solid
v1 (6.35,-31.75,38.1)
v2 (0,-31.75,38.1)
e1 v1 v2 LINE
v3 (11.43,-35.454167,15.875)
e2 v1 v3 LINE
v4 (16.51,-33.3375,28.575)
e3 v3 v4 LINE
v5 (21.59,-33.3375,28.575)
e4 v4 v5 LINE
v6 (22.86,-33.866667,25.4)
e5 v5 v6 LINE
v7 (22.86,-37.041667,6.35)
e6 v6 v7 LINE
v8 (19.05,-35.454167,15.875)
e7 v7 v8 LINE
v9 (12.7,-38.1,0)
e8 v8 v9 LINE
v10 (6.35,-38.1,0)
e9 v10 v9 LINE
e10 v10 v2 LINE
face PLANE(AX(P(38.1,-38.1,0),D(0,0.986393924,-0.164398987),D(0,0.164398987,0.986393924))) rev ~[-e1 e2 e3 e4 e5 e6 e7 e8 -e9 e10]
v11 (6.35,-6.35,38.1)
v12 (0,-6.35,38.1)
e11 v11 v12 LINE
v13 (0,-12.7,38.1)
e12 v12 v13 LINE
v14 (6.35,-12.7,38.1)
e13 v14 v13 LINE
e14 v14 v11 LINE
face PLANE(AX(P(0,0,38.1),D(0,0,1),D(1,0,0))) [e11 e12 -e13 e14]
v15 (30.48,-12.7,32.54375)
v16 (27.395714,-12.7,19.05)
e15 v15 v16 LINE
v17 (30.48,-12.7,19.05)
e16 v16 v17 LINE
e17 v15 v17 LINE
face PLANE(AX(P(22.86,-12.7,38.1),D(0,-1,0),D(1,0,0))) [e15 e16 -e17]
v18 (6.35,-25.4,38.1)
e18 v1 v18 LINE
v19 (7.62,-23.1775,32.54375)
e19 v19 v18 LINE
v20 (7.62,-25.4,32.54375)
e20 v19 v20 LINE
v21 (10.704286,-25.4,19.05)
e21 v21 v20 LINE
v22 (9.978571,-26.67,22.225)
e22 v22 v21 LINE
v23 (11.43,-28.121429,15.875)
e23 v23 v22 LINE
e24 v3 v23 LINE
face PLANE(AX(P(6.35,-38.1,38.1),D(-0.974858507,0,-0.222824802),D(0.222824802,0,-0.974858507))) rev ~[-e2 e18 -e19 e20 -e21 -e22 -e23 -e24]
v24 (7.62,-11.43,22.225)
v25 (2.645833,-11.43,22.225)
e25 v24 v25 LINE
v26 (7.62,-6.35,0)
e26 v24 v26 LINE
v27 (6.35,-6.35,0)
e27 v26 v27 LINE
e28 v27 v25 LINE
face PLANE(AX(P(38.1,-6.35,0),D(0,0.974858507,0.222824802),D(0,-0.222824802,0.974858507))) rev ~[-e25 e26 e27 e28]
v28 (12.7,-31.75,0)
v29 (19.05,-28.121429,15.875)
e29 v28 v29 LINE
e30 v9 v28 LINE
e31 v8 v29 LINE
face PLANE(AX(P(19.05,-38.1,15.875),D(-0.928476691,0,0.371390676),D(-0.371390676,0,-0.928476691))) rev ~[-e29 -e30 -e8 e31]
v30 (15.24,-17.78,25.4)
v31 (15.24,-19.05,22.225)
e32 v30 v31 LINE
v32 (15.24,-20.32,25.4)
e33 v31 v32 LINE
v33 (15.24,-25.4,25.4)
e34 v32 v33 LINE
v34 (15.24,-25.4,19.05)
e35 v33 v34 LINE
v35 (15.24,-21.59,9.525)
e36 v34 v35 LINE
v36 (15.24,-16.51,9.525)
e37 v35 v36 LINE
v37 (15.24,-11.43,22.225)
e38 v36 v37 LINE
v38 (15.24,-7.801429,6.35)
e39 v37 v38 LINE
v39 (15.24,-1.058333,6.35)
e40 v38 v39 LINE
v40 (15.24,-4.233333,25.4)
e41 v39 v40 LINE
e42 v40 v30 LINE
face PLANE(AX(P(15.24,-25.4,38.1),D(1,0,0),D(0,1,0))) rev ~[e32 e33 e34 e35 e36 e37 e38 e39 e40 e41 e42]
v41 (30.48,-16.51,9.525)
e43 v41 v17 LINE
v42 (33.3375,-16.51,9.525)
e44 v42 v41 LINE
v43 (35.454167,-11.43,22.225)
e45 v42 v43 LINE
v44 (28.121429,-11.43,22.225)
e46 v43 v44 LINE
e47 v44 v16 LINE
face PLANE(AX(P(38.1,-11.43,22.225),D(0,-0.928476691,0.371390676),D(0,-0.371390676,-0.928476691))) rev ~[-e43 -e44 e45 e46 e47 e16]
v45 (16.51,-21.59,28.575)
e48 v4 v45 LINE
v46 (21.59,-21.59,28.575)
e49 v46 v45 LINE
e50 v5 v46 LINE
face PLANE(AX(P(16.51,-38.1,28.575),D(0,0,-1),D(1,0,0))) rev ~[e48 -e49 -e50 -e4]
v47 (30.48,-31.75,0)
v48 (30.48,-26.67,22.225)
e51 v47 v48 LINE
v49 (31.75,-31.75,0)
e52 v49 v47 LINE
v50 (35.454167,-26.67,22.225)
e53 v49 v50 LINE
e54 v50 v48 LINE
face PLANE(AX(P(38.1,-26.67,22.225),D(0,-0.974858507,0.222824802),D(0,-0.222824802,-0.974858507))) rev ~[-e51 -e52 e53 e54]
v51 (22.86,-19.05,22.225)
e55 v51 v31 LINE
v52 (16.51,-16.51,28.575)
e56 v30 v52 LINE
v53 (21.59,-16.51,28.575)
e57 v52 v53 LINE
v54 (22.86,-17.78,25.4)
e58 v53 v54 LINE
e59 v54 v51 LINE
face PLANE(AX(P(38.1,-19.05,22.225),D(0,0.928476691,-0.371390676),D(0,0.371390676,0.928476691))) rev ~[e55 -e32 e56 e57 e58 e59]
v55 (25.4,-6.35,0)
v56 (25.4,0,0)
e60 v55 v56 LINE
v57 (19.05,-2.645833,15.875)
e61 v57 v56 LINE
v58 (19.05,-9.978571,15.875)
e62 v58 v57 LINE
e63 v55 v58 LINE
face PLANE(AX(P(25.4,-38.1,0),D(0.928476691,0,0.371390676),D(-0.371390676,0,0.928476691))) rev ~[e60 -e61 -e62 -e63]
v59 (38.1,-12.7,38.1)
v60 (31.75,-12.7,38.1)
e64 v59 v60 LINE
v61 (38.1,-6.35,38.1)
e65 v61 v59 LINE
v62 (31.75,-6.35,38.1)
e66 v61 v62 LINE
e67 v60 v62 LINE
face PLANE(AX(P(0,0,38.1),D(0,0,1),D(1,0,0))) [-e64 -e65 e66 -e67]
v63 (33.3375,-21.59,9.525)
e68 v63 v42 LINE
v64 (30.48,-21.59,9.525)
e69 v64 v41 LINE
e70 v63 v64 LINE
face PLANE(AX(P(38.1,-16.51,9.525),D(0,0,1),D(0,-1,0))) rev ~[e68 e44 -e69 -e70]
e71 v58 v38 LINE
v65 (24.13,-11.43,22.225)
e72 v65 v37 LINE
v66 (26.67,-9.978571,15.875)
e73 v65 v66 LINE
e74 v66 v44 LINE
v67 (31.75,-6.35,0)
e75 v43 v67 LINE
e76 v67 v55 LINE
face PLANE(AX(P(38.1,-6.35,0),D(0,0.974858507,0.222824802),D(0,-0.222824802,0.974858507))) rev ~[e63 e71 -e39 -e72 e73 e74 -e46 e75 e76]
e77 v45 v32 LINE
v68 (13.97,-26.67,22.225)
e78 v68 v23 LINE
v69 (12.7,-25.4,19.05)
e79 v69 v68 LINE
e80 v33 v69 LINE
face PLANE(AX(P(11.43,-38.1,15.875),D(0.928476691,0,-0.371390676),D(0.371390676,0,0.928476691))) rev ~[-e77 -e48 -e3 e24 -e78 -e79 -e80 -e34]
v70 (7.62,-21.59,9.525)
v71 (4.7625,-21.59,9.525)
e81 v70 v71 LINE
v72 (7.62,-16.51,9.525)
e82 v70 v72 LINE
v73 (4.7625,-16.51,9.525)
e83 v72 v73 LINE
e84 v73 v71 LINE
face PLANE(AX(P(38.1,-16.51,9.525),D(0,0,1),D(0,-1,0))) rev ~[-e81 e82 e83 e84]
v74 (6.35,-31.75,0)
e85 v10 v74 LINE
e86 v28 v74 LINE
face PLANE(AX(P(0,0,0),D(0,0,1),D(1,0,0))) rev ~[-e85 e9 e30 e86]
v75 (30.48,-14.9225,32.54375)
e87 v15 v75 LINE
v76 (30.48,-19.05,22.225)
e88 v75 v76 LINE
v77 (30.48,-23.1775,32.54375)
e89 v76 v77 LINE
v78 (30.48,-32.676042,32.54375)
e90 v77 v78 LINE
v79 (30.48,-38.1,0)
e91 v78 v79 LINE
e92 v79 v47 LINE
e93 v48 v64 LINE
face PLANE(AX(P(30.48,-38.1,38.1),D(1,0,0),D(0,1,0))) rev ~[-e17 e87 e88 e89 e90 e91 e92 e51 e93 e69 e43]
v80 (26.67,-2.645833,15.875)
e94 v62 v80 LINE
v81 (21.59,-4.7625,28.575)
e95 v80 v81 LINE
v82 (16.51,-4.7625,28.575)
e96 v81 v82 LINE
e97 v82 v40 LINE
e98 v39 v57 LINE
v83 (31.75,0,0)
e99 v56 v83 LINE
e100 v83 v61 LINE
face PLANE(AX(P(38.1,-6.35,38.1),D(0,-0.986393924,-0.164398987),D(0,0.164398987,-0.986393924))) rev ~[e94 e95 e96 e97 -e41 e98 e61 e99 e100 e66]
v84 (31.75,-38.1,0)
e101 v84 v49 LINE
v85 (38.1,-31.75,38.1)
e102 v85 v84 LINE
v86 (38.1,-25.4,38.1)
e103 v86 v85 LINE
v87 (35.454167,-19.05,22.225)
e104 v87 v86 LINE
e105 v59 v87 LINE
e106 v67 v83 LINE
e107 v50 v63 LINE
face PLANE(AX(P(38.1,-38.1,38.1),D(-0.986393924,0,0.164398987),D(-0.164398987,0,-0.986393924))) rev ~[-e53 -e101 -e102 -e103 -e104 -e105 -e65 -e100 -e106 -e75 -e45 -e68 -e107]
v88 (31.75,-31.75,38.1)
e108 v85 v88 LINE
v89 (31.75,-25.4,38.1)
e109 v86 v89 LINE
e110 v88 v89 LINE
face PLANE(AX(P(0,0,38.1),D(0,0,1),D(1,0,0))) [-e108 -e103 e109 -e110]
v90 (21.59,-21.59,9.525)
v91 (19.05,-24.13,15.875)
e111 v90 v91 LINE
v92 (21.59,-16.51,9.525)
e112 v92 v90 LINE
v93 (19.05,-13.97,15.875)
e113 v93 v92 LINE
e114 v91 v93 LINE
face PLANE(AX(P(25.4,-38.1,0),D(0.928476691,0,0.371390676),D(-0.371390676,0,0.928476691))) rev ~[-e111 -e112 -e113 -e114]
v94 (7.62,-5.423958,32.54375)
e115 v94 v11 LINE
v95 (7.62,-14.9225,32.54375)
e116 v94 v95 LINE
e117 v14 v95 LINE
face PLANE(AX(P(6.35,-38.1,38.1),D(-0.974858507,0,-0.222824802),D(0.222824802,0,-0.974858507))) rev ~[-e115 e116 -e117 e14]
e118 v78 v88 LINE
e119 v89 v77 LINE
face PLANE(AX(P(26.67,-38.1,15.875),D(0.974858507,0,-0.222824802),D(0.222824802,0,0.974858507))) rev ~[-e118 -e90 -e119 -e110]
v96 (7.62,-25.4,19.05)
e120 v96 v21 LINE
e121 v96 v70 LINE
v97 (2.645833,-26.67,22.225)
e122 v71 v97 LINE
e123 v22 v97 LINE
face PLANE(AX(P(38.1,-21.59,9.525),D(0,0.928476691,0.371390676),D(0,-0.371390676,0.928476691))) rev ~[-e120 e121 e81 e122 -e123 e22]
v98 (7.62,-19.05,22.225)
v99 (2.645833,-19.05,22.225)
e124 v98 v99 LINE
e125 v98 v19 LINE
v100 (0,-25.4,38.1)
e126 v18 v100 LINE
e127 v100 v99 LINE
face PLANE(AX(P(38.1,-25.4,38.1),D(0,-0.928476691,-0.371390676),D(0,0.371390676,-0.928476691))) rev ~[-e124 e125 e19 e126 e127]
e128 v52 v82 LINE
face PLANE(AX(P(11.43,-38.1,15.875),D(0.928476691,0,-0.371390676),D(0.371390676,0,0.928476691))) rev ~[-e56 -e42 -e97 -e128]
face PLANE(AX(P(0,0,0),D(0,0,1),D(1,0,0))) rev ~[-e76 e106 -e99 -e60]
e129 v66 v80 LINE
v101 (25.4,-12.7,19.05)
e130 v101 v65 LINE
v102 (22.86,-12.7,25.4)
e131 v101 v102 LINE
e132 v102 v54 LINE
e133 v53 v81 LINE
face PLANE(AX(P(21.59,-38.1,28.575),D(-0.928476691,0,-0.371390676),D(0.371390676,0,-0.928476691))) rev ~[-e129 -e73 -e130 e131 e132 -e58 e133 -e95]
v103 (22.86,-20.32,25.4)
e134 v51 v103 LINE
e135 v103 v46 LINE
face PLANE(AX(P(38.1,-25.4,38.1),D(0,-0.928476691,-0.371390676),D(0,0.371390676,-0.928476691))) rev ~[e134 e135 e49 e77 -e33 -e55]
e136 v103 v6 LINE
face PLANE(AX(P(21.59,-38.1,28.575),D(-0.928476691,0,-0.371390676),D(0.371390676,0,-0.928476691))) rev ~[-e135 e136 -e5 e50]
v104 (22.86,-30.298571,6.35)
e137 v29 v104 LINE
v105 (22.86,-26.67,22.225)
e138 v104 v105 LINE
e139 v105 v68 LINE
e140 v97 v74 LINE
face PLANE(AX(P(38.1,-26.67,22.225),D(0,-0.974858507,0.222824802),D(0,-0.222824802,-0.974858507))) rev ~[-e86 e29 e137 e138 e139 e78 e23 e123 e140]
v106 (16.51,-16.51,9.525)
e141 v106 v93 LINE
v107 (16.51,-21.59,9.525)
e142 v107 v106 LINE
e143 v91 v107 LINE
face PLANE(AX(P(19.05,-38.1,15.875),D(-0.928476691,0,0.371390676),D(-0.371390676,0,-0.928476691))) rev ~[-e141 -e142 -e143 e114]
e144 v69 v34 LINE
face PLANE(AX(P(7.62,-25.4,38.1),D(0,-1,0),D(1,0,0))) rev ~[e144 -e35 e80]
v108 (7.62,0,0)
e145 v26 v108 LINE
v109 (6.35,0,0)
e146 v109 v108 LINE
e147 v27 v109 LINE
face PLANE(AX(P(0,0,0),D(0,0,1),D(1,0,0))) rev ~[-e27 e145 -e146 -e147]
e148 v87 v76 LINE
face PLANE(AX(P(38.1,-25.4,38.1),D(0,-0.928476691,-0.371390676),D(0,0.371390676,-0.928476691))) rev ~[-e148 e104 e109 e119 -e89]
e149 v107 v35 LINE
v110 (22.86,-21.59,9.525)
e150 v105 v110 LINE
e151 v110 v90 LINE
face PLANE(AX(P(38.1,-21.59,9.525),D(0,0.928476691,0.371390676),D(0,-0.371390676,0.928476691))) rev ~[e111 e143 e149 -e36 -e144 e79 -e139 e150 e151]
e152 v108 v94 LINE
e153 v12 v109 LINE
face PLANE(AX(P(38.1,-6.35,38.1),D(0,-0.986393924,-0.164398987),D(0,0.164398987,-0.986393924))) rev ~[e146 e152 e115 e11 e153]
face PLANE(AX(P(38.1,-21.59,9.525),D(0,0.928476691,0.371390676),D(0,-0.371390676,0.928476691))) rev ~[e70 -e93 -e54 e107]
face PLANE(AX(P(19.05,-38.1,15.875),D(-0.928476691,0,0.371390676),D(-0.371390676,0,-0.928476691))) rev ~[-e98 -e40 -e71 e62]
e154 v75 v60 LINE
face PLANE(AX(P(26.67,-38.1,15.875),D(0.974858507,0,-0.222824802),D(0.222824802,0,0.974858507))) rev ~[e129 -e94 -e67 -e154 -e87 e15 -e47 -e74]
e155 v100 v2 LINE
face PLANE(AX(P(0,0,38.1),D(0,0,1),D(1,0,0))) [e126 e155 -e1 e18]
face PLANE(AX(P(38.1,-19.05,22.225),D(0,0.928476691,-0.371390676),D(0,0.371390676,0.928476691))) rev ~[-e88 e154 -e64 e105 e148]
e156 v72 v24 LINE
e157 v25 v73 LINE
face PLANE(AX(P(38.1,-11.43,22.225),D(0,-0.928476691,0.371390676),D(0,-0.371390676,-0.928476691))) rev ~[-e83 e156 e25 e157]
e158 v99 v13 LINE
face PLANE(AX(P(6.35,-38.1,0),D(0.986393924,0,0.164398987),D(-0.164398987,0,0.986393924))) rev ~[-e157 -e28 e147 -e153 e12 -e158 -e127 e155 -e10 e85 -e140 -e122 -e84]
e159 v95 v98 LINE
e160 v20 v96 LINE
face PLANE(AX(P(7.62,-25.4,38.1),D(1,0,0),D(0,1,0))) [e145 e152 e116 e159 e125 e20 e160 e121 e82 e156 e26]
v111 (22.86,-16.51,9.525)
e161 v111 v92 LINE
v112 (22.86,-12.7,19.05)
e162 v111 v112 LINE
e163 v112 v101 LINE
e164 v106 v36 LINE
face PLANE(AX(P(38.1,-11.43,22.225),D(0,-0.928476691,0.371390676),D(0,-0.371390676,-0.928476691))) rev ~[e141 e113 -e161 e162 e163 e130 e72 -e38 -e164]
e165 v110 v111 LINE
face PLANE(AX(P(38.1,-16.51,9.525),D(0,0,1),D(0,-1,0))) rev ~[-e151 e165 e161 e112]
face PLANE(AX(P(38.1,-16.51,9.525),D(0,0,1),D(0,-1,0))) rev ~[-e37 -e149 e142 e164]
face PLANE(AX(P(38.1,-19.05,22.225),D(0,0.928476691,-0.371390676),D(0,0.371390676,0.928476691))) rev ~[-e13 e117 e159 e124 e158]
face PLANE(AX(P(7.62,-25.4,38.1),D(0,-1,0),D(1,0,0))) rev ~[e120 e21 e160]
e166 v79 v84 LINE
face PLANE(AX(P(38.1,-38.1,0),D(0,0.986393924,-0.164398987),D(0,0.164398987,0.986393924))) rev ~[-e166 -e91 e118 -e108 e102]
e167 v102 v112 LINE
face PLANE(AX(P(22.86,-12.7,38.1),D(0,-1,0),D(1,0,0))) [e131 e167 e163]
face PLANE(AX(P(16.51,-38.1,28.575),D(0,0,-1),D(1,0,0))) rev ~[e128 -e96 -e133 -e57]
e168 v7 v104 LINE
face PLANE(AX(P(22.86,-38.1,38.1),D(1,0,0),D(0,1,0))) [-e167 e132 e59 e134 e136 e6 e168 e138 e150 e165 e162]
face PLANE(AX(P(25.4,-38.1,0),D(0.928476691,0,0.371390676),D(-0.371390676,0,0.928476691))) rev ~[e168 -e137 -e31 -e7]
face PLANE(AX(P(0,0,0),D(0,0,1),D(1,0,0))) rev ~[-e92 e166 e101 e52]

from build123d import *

# Parameters (mm, degrees)
F0_W      = 38.1
F0_H      = 38.1
F1_DEPTH  = 38.1
F6_DEPTH  = 38.1
F8_DEPTH  = 38.1
F9_W      = 7.62
F9_H      = 25.4
F10_DEPTH = 38.1


with BuildPart() as f1:
    # F0 (on Front) → F1 (new body)
    with BuildSketch(Plane.XZ):
        with Locations((19.05, 19.05)):
            Rectangle(F0_W, F0_H)
    extrude(amount=F1_DEPTH)

    # F5 (on offset) → F6 (cut)
    with BuildSketch(Plane.XZ.offset(38.1)):
        Polygon((19.05, 15.875), (12.7, 0), (25.4, 0), align=None)
        Polygon((0, 38.1), (0, 0), (6.35, 0), align=None)
        Polygon((38.1, 38.1), (31.75, 0), (38.1, 0), align=None)
        Polygon((31.75, 38.1), (6.35, 38.1), (11.43, 15.875), (16.51, 28.575), (21.59, 28.575), (26.67, 15.875), align=None)
    extrude(amount=-F6_DEPTH, mode=Mode.SUBTRACT)

    # F7 (on offset) → F8 (cut)
    with BuildSketch(Plane.YZ.offset(38.1)):
        Polygon((-38.1, 0), (-31.75, 38.1), (-38.1, 38.1), align=None)
        Polygon((-12.7, 38.1), (-25.4, 38.1), (-19.05, 22.225), align=None)
        Polygon((0, 38.1), (-6.35, 38.1), (0, 0), align=None)
        Polygon((-26.67, 22.225), (-31.75, 0), (-6.35, 0), (-11.43, 22.225), (-16.51, 9.525), (-21.59, 9.525), align=None)
    extrude(amount=-F8_DEPTH, mode=Mode.SUBTRACT)

    # F9 (on offset) → F10 (cut)
    with BuildSketch(Plane.XY.offset(38.1)):
        with Locations((11.43, -12.7)):
            Rectangle(F9_W, F9_H)
        with Locations((26.67, -25.4)):
            Rectangle(F9_W, F9_H)
    extrude(amount=-F10_DEPTH, mode=Mode.SUBTRACT)


solid = f1.part
